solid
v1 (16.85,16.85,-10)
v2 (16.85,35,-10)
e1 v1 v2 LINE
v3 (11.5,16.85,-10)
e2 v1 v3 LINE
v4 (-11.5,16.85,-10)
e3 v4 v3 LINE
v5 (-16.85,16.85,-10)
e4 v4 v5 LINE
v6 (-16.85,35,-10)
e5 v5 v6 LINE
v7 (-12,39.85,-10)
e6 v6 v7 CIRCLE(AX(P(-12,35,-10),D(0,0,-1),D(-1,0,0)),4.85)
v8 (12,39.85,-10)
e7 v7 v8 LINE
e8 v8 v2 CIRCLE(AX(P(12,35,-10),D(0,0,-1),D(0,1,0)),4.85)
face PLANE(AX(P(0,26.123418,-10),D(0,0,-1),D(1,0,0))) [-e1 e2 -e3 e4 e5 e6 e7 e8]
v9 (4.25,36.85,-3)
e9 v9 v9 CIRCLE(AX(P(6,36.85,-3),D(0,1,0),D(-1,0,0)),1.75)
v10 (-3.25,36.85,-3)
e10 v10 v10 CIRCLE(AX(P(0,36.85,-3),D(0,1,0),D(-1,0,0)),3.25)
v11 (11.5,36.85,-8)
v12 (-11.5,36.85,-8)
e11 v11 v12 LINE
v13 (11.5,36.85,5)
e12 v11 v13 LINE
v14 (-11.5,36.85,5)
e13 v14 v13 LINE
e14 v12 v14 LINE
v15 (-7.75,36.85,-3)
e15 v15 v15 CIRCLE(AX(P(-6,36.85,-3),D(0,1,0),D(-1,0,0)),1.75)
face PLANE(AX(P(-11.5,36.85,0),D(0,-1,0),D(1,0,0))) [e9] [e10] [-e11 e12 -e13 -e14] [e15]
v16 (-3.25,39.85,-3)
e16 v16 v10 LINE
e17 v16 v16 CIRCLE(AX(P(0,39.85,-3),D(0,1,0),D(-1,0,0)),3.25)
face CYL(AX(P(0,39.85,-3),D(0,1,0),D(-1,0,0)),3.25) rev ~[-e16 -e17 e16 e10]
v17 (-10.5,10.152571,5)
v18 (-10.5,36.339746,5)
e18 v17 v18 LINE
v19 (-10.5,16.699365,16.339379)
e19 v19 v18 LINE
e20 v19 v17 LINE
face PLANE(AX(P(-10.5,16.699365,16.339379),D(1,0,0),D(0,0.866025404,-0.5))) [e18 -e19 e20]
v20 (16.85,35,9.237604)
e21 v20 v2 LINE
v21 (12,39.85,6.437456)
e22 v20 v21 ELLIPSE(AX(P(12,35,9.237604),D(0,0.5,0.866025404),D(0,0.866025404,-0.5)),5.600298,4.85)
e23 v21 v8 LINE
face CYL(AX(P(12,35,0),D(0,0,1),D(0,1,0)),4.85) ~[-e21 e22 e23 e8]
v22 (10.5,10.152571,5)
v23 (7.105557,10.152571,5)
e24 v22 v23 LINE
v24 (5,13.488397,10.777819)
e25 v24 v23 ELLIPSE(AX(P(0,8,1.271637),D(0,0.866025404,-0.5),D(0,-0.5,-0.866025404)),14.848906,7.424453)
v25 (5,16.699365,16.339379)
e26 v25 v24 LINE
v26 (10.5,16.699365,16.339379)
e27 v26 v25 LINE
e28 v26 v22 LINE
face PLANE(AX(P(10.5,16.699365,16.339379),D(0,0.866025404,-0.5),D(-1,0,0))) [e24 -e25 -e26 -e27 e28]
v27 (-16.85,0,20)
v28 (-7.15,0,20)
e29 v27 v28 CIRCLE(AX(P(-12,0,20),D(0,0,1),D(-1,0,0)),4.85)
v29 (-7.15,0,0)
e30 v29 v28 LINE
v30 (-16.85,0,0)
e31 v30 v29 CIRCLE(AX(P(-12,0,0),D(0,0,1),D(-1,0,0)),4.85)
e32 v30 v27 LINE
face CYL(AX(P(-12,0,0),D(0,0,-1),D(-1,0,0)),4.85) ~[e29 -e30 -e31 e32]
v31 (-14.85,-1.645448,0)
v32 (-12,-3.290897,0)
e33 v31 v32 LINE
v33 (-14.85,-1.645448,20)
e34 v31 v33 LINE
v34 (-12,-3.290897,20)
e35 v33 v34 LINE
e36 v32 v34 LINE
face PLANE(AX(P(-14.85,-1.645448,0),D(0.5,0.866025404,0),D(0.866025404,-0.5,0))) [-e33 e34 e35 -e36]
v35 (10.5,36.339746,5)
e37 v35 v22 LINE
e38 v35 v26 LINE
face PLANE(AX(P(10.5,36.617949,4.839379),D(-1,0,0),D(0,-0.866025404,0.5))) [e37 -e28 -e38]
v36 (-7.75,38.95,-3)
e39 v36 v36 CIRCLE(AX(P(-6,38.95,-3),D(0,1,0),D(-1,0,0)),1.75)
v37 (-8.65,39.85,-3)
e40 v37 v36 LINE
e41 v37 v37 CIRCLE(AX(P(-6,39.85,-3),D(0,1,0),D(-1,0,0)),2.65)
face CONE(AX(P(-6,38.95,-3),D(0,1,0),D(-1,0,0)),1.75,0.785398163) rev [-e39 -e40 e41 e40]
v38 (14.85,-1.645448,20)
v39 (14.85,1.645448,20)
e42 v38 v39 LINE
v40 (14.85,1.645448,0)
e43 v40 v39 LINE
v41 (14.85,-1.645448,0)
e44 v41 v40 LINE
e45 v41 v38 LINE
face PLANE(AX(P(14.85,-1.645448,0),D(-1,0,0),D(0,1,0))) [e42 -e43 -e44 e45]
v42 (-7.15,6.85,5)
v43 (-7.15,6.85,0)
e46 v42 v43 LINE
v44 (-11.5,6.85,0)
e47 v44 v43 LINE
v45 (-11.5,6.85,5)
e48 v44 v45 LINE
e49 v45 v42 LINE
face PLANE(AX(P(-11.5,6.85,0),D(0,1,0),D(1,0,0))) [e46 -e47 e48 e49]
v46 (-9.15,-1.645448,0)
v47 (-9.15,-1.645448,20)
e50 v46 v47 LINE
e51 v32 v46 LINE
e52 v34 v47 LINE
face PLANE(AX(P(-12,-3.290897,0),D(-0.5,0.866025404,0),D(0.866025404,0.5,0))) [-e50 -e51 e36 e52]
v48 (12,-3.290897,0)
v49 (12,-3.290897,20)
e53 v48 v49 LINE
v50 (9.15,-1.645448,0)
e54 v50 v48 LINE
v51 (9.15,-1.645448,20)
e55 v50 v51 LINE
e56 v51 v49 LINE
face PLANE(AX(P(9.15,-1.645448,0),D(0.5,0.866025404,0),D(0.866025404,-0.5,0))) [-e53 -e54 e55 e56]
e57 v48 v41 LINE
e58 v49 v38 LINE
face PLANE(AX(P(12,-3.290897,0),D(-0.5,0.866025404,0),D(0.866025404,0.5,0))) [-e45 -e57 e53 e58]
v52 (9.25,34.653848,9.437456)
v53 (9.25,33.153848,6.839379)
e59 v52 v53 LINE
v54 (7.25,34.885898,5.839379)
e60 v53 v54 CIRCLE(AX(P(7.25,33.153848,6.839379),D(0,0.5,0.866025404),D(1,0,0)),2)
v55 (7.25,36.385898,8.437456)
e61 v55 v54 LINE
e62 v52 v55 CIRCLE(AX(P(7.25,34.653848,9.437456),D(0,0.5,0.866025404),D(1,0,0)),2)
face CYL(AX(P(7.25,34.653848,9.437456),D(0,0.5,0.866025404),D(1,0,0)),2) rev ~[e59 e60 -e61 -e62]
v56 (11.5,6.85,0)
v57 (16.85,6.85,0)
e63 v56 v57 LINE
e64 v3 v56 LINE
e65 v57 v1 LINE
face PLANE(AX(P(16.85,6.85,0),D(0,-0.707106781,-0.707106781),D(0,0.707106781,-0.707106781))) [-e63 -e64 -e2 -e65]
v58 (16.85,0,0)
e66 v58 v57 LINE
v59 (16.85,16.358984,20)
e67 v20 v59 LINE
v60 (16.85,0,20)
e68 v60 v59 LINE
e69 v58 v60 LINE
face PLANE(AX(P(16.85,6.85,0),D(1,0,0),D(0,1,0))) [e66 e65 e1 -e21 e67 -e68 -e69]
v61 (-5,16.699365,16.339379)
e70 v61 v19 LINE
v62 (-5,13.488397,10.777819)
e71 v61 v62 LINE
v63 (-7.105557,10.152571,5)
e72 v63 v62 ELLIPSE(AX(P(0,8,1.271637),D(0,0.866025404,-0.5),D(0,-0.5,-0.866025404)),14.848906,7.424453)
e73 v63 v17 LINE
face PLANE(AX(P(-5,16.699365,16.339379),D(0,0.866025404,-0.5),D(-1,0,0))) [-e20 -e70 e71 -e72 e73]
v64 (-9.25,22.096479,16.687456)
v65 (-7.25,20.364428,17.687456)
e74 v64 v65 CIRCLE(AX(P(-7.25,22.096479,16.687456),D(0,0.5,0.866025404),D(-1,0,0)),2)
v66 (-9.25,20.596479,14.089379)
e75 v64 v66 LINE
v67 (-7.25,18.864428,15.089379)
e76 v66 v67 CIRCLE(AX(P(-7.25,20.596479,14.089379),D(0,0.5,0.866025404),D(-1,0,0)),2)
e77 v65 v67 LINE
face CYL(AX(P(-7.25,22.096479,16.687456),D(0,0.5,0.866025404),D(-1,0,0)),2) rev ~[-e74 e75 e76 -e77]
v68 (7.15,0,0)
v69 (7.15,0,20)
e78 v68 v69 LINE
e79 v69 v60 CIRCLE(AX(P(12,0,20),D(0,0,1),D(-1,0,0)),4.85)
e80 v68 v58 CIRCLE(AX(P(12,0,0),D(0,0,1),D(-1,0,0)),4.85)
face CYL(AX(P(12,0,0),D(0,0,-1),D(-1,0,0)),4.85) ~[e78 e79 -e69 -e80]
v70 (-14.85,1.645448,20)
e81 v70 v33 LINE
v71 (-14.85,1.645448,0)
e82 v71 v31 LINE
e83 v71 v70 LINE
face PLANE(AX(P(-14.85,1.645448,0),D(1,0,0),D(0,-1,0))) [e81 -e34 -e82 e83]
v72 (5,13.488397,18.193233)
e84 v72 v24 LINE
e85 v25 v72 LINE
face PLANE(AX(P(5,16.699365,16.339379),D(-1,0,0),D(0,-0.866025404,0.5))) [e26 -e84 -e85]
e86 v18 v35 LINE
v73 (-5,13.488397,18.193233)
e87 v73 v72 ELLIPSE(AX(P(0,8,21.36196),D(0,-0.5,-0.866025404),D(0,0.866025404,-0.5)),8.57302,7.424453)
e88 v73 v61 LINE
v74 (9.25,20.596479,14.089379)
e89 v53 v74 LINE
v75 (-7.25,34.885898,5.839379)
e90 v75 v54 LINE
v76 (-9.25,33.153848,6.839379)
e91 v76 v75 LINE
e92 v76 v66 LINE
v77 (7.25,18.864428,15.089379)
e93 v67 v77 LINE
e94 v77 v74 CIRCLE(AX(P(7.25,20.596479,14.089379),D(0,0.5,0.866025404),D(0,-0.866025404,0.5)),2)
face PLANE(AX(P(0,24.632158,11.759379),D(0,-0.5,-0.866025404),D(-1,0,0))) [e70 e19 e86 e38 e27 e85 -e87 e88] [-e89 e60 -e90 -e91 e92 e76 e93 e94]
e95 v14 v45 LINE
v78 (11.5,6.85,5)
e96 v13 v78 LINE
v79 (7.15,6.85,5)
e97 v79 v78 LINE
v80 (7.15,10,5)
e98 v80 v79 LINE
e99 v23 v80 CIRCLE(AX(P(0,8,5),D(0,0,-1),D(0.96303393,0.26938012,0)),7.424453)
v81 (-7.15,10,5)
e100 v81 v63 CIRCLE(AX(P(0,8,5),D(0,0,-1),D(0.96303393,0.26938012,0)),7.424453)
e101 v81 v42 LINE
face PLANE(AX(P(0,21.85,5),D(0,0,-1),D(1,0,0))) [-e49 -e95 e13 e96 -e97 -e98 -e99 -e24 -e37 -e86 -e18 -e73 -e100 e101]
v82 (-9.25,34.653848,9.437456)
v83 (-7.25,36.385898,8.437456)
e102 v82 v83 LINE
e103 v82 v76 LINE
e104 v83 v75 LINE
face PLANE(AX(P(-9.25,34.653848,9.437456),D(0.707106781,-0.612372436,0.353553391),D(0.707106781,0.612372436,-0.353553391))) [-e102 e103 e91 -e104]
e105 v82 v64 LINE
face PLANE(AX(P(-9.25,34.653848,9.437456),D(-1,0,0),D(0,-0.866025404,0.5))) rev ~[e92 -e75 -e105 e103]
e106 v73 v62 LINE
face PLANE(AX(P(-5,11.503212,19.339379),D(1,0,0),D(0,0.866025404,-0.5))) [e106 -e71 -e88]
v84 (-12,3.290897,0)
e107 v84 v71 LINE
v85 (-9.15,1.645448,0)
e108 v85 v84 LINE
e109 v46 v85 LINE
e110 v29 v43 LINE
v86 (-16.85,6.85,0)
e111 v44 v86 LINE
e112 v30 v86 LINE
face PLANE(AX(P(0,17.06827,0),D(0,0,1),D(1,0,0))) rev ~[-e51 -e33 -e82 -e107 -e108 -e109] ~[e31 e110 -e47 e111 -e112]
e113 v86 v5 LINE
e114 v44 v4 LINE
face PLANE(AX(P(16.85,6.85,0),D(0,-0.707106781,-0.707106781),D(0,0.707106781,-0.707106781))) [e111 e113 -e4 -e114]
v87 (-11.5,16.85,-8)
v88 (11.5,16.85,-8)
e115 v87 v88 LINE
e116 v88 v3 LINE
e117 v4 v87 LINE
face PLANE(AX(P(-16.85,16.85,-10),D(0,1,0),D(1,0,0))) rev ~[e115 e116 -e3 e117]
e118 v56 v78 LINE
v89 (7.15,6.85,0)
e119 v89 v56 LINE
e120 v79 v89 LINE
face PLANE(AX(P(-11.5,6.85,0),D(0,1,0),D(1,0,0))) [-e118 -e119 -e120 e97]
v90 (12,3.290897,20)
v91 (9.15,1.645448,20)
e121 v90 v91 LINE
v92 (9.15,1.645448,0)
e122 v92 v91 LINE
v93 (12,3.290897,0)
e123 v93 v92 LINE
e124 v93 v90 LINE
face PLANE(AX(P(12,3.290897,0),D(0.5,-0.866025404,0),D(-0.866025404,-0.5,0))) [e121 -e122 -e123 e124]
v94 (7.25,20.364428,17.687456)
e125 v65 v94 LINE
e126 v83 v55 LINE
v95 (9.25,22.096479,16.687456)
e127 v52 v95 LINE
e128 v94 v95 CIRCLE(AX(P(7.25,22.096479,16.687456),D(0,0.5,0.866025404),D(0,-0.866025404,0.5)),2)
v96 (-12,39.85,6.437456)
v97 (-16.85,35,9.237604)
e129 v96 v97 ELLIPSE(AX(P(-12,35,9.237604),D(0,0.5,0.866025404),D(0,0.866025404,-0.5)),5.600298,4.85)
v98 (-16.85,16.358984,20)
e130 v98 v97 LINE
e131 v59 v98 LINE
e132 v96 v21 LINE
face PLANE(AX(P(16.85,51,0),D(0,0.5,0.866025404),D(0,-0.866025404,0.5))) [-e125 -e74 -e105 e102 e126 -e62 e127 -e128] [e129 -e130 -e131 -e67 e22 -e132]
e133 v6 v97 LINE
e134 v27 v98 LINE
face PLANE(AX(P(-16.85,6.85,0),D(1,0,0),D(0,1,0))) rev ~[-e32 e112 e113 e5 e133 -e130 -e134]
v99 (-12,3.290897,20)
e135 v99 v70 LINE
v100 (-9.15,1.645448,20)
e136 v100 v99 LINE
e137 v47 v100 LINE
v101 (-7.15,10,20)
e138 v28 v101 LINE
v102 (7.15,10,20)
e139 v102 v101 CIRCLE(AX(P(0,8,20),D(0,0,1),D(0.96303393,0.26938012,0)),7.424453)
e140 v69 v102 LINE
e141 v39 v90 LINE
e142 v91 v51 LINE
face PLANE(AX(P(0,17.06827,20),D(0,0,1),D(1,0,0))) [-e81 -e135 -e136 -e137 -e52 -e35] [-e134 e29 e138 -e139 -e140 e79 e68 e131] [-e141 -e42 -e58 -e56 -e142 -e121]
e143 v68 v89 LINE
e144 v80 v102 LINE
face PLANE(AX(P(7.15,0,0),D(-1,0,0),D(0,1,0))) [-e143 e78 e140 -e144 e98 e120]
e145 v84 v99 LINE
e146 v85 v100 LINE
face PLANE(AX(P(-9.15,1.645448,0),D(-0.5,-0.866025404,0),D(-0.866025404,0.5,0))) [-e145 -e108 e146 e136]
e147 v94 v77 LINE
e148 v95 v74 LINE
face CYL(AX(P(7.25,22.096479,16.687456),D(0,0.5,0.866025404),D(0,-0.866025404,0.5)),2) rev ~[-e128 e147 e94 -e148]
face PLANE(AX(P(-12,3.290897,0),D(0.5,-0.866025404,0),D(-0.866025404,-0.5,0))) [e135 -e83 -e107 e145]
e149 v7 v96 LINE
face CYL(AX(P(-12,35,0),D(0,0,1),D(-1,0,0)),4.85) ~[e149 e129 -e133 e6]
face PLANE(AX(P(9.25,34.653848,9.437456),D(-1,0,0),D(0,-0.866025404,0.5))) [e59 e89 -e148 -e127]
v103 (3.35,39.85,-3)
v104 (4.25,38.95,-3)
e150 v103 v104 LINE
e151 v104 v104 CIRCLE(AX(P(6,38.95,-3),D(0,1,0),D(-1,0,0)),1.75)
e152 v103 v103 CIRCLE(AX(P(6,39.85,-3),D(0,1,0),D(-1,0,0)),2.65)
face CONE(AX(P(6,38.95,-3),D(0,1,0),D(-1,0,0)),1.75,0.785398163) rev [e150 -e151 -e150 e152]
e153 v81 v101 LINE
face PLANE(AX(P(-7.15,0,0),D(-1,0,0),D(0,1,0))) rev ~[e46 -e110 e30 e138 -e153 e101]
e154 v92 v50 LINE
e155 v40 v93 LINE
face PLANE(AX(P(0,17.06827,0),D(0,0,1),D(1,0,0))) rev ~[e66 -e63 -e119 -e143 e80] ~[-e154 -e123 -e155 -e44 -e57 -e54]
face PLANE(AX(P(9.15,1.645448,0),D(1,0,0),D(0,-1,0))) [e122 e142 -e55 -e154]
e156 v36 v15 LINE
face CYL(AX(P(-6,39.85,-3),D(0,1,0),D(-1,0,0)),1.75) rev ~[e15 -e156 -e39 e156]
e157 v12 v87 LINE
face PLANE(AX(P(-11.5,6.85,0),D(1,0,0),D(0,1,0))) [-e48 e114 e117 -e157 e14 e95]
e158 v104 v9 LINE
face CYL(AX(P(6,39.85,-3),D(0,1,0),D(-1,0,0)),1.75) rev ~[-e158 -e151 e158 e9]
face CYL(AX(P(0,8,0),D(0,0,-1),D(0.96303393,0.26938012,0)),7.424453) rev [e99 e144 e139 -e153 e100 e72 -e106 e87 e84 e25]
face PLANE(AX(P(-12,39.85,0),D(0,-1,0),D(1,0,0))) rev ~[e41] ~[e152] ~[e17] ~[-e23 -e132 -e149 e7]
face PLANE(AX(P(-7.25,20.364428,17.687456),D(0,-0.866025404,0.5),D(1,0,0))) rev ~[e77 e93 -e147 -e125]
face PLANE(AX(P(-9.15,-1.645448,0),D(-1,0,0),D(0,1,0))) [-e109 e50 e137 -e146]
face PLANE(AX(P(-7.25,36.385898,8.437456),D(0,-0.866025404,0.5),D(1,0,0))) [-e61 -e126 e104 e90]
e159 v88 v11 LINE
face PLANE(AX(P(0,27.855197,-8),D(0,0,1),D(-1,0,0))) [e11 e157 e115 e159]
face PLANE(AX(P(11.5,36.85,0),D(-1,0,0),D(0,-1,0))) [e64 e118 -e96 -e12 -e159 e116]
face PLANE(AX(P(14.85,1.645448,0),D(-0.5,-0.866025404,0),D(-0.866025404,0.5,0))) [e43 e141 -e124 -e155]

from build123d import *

# Parameters (mm, degrees)
PAD_DEPTH       = 20
POCKET_DEPTH    = 35
POCKET001_DEPTH = 25
POCKET002_DEPTH = 30
SKETCH004_W     = 23
SKETCH004_H     = 30
POCKET003_DEPTH = 5
PAD001_DEPTH    = 10
POCKET004_DEPTH = 35
SKETCH007_R     = 3.25
SKETCH007_R_2   = 1.75
POCKET005_DEPTH = 5
CHAMFER_SIZE    = 0.9
PAD002_DEPTH    = 2


with BuildPart() as part:
    # Sketch → Pad (new body)
    with BuildSketch(Plane.XY):
        with BuildLine():
            ThreePointArc((-16.85, 0), (-12, -4.85), (-7.15, 0))
            Line((-7.15, 0), (-7.15, 10))
            ThreePointArc((7.15, 10), (0, 15.4244528418), (-7.15, 10))
            Line((7.15, 0), (7.15, 10))
            ThreePointArc((7.15, 0), (12, -4.85), (16.85, 0))
            Line((16.85, 0), (16.85, 35))
            ThreePointArc((16.85, 35), (15.4294678888, 38.4294678888), (12, 39.85))
            Line((-12, 39.85), (12, 39.85))
            ThreePointArc((-12, 39.85), (-15.4294678888, 38.4294678888), (-16.85, 35))
            Line((-16.85, 0), (-16.85, 35))
        make_face()
        Polygon((-9.15, -1.6454482672), (-9.15, 1.6454482672), (-12, 3.2908965344), (-14.85, 1.6454482672), (-14.85, -1.6454482672), (-12, -3.2908965344), align=None, mode=Mode.SUBTRACT)
        Polygon((14.85, -1.6454482672), (14.85, 1.6454482672), (12, 3.2908965344), (9.15, 1.6454482672), (9.15, -1.6454482672), (12, -3.2908965344), align=None, mode=Mode.SUBTRACT)
    extrude(amount=PAD_DEPTH)

    # Sketch001 (on Face8 of Pad) → Pocket (cut)
    with BuildSketch(Plane.YZ.offset(16.85)):
        Polygon((7.6987298108, 25), (51, 25), (51, 0), align=None)
    extrude(amount=-POCKET_DEPTH, mode=Mode.SUBTRACT)

    # Sketch002 (on Face4 of Pocket) → Pocket001 (cut)
    with BuildSketch(Plane(origin=(0, 12.75, 22.0836477965), x_dir=(1, 0, 0), z_dir=(0, 0.5, 0.8660254038))):
        with BuildLine():
            Line((-7.25, 27.2923845901), (7.25, 27.2923845901))
            ThreePointArc((9.25, 25.2923845901), (8.6642135624, 26.7065981525), (7.25, 27.2923845901))
            Line((9.25, 25.2923845901), (9.25, 10.7923845901))
            ThreePointArc((7.25, 8.7923845901), (8.6642135624, 9.3781710277), (9.25, 10.7923845901))
            Line((-7.25, 8.7923845901), (7.25, 8.7923845901))
            ThreePointArc((-9.25, 10.7923845901), (-8.6642135624, 9.3781710277), (-7.25, 8.7923845901))
            Line((-9.25, 25.2923845901), (-9.25, 10.7923845901))
            Line((-9.25, 25.2923845901), (-7.25, 27.2923845901))
        make_face()
    extrude(amount=-POCKET001_DEPTH, mode=Mode.SUBTRACT)

    # Sketch003 (on DatumPlane) → Pocket002 (cut)
    with BuildSketch(Plane(origin=(0, 12.1160254038, 18.9855715851), x_dir=(1, 0, 0), z_dir=(0, 0.5, 0.8660254038))):
        Polygon((-10.5, 28.2923845901), (10.5, 28.2923845901), (10.5, 5.2923845901), (5, 5.2923845901), (5, -0.7076154099), (-5, -0.7076154099), (-5, 5.2923845901), (-10.5, 5.2923845901), align=None)
    extrude(amount=-POCKET002_DEPTH, mode=Mode.SUBTRACT)

    # Sketch004 (on Face2 of Pocket002) → Pocket003 (cut)
    with BuildSketch(Plane(origin=(0, 0, 0), x_dir=(1, 0, 0), z_dir=(0, 0, -1))):
        with Locations((0, -21.85)):
            Rectangle(SKETCH004_W, SKETCH004_H)
    extrude(amount=-POCKET003_DEPTH, mode=Mode.SUBTRACT)

    # Sketch005 (on Face2 of Pocket003) → Pad001 (join)
    with BuildSketch(Plane(origin=(0, 0, 0), x_dir=(1, 0, 0), z_dir=(0, 0, -1))):
        with BuildLine():
            Line((-11.5, -6.85), (-16.85, -6.85))
            Line((-16.85, -6.85), (-16.85, -35))
            ThreePointArc((-16.85, -35), (-15.4294678888, -38.4294678888), (-12, -39.85))
            Line((-12, -39.85), (12, -39.85))
            ThreePointArc((12, -39.85), (15.4294678888, -38.4294678888), (16.85, -35))
            Line((16.85, -6.85), (16.85, -35))
            Line((11.5, -6.85), (16.85, -6.85))
            Line((11.5, -36.85), (11.5, -6.85))
            Line((-11.5, -36.85), (11.5, -36.85))
            Line((-11.5, -6.85), (-11.5, -36.85))
        make_face()
    extrude(amount=PAD001_DEPTH)

    # Sketch006 (on Face25 of Pad001) → Pocket004 (cut)
    with BuildSketch(Plane.YZ.offset(16.85)):
        Polygon((6.85, 0), (16.85, -10), (6.85, -10), align=None)
    extrude(amount=-POCKET004_DEPTH, mode=Mode.SUBTRACT)

    # Sketch007 (on Face7 of Pocket004) → Pocket005 (cut)
    with BuildSketch(Plane(origin=(0, 39.85, 0), x_dir=(-1, 0, 0), z_dir=(0, 1, 0))):
        with Locations((0, -3)):
            Circle(SKETCH007_R)
        with Locations((6, -3)):
            Circle(SKETCH007_R_2)
        with Locations((-6, -3)):
            Circle(SKETCH007_R_2)
    extrude(amount=-POCKET005_DEPTH, mode=Mode.SUBTRACT)

    # Chamfer
    chamfer_edges = [part.edges().sort_by_distance(p)[0] for p in [
        (7.75, 39.85, -3),
        (-4.25, 39.85, -3),
    ]]
    chamfer(chamfer_edges, length=CHAMFER_SIZE)

    # Sketch008 (on Face8 of Pocket005) → Pad002 (join)
    with BuildSketch(Plane(origin=(0, 0, -10), x_dir=(1, 0, 0), z_dir=(0, 0, -1))):
        with BuildLine():
            Line((-16.85, -16.85), (16.85, -16.85))
            Line((16.85, -16.85), (16.85, -35))
            ThreePointArc((12, -39.85), (15.4294678888, -38.4294678888), (16.85, -35))
            Line((12, -39.85), (-12, -39.85))
            ThreePointArc((-16.85, -35), (-15.4294678888, -38.4294678888), (-12, -39.85))
            Line((-16.85, -16.85), (-16.85, -35))
        make_face()
    extrude(amount=-PAD002_DEPTH)


solid = part.part
